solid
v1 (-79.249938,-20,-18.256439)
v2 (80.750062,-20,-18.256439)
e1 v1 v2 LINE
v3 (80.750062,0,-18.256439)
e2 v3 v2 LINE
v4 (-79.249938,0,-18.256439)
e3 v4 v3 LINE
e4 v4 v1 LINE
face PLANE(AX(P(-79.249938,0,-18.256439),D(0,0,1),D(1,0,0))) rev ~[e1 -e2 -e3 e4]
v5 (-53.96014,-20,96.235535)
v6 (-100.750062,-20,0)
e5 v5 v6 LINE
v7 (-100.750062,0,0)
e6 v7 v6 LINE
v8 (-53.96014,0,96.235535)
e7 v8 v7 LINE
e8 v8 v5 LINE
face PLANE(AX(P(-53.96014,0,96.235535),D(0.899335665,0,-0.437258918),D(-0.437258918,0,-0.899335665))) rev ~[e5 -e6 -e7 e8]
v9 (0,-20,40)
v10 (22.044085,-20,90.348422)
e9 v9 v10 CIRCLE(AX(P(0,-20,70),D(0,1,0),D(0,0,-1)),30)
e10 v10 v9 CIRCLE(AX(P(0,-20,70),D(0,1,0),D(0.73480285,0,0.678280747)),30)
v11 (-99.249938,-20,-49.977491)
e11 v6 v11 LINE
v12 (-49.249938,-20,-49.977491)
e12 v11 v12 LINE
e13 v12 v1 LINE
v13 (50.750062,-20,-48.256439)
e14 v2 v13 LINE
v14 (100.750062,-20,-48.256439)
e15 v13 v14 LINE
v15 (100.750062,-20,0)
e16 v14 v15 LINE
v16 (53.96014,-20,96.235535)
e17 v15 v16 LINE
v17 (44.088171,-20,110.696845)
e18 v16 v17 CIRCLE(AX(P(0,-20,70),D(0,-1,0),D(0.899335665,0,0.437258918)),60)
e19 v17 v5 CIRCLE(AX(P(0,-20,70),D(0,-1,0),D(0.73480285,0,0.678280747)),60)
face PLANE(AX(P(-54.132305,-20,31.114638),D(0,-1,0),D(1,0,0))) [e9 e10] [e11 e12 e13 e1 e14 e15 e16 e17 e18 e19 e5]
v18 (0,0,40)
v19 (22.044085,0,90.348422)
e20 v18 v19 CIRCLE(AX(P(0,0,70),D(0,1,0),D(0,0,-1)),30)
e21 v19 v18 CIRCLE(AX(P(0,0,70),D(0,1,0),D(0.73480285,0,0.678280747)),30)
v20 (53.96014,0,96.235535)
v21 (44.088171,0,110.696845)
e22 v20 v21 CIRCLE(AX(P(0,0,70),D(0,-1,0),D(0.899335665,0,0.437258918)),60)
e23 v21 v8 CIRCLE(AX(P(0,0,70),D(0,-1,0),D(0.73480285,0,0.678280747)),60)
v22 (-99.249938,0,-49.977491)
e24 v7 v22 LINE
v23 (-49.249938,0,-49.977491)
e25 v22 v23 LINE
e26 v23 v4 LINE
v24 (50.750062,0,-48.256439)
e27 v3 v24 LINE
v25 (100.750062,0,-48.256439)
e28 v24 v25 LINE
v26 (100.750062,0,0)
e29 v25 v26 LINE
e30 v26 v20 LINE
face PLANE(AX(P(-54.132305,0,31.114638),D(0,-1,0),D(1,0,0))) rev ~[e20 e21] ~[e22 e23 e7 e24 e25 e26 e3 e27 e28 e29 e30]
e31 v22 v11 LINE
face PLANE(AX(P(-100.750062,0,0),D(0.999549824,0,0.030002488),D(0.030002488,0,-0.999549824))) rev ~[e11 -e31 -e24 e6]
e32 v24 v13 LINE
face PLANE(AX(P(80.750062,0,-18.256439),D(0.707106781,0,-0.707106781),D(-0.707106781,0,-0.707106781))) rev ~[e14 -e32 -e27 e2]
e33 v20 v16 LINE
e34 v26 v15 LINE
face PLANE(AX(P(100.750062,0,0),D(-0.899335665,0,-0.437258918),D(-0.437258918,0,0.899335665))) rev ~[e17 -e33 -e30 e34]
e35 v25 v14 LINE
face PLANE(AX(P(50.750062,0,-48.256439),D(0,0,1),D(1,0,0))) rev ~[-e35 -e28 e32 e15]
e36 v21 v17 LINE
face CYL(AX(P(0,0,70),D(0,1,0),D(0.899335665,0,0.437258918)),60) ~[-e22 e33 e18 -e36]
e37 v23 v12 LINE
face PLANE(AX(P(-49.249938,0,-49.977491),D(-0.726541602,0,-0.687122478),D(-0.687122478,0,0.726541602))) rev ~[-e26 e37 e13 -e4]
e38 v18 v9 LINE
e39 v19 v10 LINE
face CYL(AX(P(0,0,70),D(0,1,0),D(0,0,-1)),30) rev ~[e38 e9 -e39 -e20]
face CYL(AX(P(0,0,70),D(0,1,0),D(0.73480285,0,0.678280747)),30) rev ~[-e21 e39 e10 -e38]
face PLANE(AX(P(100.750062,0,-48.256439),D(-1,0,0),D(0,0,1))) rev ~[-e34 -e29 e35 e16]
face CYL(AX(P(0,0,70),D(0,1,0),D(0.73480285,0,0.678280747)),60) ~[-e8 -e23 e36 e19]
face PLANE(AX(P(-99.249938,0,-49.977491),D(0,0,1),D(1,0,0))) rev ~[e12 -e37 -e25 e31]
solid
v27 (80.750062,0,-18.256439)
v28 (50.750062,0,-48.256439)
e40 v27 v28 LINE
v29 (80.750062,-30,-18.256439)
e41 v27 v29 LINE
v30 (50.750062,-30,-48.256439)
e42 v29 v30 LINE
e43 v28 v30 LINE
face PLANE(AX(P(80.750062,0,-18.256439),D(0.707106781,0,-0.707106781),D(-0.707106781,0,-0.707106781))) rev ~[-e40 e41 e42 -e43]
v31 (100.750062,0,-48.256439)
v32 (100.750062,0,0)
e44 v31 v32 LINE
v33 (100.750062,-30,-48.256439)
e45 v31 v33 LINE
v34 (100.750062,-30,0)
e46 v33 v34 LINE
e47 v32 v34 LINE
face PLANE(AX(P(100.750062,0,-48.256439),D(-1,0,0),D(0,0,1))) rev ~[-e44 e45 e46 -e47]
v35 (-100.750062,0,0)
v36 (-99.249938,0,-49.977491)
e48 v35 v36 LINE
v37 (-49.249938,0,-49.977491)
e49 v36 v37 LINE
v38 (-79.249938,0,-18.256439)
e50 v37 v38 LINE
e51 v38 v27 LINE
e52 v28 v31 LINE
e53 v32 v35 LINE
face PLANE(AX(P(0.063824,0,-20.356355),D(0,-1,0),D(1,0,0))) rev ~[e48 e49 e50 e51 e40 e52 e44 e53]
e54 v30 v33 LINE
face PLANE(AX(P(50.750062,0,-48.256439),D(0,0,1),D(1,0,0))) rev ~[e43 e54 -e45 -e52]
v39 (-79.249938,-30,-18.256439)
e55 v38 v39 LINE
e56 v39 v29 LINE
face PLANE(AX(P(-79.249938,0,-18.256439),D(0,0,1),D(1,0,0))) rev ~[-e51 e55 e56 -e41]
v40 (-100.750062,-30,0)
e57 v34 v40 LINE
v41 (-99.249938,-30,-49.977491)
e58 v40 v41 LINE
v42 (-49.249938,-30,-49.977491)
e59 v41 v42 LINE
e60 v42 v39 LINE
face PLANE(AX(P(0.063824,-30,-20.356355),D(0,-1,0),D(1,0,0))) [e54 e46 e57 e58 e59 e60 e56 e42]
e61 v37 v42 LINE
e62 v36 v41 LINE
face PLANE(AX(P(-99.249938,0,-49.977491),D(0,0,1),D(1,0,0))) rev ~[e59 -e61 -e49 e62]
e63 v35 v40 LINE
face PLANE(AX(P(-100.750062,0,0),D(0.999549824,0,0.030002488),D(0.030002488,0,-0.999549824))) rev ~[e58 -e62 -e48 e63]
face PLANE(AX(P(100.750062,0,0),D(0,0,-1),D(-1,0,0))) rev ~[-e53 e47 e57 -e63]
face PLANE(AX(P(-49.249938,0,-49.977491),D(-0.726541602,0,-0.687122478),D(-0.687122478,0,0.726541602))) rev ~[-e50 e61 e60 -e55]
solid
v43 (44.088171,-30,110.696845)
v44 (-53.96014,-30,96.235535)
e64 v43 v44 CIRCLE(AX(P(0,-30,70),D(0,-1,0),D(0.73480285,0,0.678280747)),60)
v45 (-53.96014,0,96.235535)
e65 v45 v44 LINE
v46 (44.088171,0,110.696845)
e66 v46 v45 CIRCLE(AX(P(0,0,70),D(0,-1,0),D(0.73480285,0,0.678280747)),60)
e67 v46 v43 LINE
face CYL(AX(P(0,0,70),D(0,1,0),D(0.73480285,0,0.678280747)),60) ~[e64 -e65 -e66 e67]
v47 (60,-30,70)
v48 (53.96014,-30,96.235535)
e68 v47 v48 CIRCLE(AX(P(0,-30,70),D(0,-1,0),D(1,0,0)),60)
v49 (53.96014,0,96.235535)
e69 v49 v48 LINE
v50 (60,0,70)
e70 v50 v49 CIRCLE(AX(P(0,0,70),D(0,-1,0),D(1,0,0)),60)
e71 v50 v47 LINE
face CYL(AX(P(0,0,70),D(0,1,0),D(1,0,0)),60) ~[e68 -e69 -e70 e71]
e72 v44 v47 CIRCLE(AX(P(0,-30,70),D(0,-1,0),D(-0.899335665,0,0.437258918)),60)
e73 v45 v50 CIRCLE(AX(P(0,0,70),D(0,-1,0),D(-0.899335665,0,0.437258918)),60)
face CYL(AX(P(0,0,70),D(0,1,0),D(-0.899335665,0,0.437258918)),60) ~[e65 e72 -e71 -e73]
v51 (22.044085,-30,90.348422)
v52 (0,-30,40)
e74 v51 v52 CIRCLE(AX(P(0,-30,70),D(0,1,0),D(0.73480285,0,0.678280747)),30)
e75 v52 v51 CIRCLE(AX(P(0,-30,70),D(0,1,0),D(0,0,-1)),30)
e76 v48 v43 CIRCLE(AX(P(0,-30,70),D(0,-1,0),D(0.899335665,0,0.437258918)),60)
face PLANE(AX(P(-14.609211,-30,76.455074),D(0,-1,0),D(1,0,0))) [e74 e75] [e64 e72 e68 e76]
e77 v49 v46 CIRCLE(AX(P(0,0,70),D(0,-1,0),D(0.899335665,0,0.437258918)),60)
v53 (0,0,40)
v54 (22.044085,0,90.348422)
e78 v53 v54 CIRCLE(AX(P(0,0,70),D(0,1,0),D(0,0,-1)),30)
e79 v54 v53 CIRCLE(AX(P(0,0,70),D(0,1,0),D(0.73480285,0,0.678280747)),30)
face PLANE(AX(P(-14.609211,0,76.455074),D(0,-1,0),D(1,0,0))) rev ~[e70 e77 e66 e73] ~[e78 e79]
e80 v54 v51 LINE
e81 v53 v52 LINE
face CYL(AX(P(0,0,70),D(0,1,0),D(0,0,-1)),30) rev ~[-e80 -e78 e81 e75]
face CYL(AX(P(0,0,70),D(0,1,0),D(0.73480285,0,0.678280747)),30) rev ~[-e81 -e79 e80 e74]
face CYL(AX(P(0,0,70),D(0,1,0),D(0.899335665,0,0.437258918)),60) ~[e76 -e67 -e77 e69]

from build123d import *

# Parameters (mm, degrees)
F1_DEPTH = 30
F2_DEPTH = 20


with BuildPart() as f1:
    # F0 (on Front) → F1 (new body)
    with BuildSketch(Plane.XZ):
        Polygon((0, 0), (-100.7500622123, 0), (-99.2499377877, -49.9774912006), (-49.2499377877, -49.9774912006), (-79.2499377877, -18.2564388961), (80.7500622123, -18.2564388961), (50.7500622123, -48.2564388961), (100.7500622123, -48.2564388961), (100.7500622123, 0), align=None)
    extrude(amount=F1_DEPTH)


with BuildPart() as f1b:
    # F0 (on Front) → F1, piece 2 (new body)
    with BuildSketch(Plane.XZ):
        with BuildLine():
            ThreePointArc((44.0881709789, 110.6968448376), (-8.7547879951, 129.3578443608), (-53.9601399207, 96.2355350571))
            ThreePointArc((-53.9601399207, 96.2355350571), (-50.8632092156, 38.1733767376), (0, 10))
            Line((0, 10), (0, 40))
            ThreePointArc((0, 40), (-21.2132034356, 48.7867965644), (-30, 70))
            ThreePointArc((-30, 70), (-10.9242261812, 97.9403164324), (22.0440854895, 90.3484224188))
            Line((22.0440854895, 90.3484224188), (44.0881709789, 110.6968448376))
        make_face()
        with BuildLine():
            Line((0, 40), (0, 10))
            ThreePointArc((0, 10), (42.4264068712, 27.5735931288), (60, 70))
            ThreePointArc((60, 70), (58.4705412804, 83.4608990182), (53.9601399207, 96.2355350571))
            ThreePointArc((53.9601399207, 96.2355350571), (49.554517329, 103.8282398639), (44.0881709789, 110.6968448376))
            Line((44.0881709789, 110.6968448376), (22.0440854895, 90.3484224188))
            ThreePointArc((22.0440854895, 90.3484224188), (27.9403164324, 80.9242261812), (30, 70))
            ThreePointArc((30, 70), (21.2132034356, 48.7867965644), (0, 40))
        make_face()
    extrude(amount=F1_DEPTH)


with BuildPart() as f2:
    # F0 (on Front) → F2 (new body)
    with BuildSketch(Plane.XZ):
        with BuildLine():
            Line((-53.9601399207, 96.2355350571), (-100.7500622123, 0))
            Line((-100.7500622123, 0), (0, 0))
            Line((0, 0), (0, 10))
            ThreePointArc((0, 10), (-50.8632092156, 38.1733767376), (-53.9601399207, 96.2355350571))
        make_face()
        Polygon((0, 0), (-100.7500622123, 0), (-99.2499377877, -49.9774912006), (-49.2499377877, -49.9774912006), (-79.2499377877, -18.2564388961), (80.7500622123, -18.2564388961), (50.7500622123, -48.2564388961), (100.7500622123, -48.2564388961), (100.7500622123, 0), align=None)
        with BuildLine():
            Line((0, 10), (0, 0))
            Line((0, 0), (100.7500622123, 0))
            Line((100.7500622123, 0), (53.9601399207, 96.2355350571))
            ThreePointArc((53.9601399207, 96.2355350571), (58.4705412804, 83.4608990182), (60, 70))
            ThreePointArc((60, 70), (42.4264068712, 27.5735931288), (0, 10))
        make_face()
        with BuildLine():
            ThreePointArc((44.0881709789, 110.6968448376), (-8.7547879951, 129.3578443608), (-53.9601399207, 96.2355350571))
            ThreePointArc((-53.9601399207, 96.2355350571), (-50.8632092156, 38.1733767376), (0, 10))
            Line((0, 10), (0, 40))
            ThreePointArc((0, 40), (-21.2132034356, 48.7867965644), (-30, 70))
            ThreePointArc((-30, 70), (-10.9242261812, 97.9403164324), (22.0440854895, 90.3484224188))
            Line((22.0440854895, 90.3484224188), (44.0881709789, 110.6968448376))
        make_face()
        with BuildLine():
            Line((0, 40), (0, 10))
            ThreePointArc((0, 10), (42.4264068712, 27.5735931288), (60, 70))
            ThreePointArc((60, 70), (58.4705412804, 83.4608990182), (53.9601399207, 96.2355350571))
            ThreePointArc((53.9601399207, 96.2355350571), (49.554517329, 103.8282398639), (44.0881709789, 110.6968448376))
            Line((44.0881709789, 110.6968448376), (22.0440854895, 90.3484224188))
            ThreePointArc((22.0440854895, 90.3484224188), (27.9403164324, 80.9242261812), (30, 70))
            ThreePointArc((30, 70), (21.2132034356, 48.7867965644), (0, 40))
        make_face()
    extrude(amount=F2_DEPTH)


solid = Compound([f1.part, f1b.part, f2.part])
